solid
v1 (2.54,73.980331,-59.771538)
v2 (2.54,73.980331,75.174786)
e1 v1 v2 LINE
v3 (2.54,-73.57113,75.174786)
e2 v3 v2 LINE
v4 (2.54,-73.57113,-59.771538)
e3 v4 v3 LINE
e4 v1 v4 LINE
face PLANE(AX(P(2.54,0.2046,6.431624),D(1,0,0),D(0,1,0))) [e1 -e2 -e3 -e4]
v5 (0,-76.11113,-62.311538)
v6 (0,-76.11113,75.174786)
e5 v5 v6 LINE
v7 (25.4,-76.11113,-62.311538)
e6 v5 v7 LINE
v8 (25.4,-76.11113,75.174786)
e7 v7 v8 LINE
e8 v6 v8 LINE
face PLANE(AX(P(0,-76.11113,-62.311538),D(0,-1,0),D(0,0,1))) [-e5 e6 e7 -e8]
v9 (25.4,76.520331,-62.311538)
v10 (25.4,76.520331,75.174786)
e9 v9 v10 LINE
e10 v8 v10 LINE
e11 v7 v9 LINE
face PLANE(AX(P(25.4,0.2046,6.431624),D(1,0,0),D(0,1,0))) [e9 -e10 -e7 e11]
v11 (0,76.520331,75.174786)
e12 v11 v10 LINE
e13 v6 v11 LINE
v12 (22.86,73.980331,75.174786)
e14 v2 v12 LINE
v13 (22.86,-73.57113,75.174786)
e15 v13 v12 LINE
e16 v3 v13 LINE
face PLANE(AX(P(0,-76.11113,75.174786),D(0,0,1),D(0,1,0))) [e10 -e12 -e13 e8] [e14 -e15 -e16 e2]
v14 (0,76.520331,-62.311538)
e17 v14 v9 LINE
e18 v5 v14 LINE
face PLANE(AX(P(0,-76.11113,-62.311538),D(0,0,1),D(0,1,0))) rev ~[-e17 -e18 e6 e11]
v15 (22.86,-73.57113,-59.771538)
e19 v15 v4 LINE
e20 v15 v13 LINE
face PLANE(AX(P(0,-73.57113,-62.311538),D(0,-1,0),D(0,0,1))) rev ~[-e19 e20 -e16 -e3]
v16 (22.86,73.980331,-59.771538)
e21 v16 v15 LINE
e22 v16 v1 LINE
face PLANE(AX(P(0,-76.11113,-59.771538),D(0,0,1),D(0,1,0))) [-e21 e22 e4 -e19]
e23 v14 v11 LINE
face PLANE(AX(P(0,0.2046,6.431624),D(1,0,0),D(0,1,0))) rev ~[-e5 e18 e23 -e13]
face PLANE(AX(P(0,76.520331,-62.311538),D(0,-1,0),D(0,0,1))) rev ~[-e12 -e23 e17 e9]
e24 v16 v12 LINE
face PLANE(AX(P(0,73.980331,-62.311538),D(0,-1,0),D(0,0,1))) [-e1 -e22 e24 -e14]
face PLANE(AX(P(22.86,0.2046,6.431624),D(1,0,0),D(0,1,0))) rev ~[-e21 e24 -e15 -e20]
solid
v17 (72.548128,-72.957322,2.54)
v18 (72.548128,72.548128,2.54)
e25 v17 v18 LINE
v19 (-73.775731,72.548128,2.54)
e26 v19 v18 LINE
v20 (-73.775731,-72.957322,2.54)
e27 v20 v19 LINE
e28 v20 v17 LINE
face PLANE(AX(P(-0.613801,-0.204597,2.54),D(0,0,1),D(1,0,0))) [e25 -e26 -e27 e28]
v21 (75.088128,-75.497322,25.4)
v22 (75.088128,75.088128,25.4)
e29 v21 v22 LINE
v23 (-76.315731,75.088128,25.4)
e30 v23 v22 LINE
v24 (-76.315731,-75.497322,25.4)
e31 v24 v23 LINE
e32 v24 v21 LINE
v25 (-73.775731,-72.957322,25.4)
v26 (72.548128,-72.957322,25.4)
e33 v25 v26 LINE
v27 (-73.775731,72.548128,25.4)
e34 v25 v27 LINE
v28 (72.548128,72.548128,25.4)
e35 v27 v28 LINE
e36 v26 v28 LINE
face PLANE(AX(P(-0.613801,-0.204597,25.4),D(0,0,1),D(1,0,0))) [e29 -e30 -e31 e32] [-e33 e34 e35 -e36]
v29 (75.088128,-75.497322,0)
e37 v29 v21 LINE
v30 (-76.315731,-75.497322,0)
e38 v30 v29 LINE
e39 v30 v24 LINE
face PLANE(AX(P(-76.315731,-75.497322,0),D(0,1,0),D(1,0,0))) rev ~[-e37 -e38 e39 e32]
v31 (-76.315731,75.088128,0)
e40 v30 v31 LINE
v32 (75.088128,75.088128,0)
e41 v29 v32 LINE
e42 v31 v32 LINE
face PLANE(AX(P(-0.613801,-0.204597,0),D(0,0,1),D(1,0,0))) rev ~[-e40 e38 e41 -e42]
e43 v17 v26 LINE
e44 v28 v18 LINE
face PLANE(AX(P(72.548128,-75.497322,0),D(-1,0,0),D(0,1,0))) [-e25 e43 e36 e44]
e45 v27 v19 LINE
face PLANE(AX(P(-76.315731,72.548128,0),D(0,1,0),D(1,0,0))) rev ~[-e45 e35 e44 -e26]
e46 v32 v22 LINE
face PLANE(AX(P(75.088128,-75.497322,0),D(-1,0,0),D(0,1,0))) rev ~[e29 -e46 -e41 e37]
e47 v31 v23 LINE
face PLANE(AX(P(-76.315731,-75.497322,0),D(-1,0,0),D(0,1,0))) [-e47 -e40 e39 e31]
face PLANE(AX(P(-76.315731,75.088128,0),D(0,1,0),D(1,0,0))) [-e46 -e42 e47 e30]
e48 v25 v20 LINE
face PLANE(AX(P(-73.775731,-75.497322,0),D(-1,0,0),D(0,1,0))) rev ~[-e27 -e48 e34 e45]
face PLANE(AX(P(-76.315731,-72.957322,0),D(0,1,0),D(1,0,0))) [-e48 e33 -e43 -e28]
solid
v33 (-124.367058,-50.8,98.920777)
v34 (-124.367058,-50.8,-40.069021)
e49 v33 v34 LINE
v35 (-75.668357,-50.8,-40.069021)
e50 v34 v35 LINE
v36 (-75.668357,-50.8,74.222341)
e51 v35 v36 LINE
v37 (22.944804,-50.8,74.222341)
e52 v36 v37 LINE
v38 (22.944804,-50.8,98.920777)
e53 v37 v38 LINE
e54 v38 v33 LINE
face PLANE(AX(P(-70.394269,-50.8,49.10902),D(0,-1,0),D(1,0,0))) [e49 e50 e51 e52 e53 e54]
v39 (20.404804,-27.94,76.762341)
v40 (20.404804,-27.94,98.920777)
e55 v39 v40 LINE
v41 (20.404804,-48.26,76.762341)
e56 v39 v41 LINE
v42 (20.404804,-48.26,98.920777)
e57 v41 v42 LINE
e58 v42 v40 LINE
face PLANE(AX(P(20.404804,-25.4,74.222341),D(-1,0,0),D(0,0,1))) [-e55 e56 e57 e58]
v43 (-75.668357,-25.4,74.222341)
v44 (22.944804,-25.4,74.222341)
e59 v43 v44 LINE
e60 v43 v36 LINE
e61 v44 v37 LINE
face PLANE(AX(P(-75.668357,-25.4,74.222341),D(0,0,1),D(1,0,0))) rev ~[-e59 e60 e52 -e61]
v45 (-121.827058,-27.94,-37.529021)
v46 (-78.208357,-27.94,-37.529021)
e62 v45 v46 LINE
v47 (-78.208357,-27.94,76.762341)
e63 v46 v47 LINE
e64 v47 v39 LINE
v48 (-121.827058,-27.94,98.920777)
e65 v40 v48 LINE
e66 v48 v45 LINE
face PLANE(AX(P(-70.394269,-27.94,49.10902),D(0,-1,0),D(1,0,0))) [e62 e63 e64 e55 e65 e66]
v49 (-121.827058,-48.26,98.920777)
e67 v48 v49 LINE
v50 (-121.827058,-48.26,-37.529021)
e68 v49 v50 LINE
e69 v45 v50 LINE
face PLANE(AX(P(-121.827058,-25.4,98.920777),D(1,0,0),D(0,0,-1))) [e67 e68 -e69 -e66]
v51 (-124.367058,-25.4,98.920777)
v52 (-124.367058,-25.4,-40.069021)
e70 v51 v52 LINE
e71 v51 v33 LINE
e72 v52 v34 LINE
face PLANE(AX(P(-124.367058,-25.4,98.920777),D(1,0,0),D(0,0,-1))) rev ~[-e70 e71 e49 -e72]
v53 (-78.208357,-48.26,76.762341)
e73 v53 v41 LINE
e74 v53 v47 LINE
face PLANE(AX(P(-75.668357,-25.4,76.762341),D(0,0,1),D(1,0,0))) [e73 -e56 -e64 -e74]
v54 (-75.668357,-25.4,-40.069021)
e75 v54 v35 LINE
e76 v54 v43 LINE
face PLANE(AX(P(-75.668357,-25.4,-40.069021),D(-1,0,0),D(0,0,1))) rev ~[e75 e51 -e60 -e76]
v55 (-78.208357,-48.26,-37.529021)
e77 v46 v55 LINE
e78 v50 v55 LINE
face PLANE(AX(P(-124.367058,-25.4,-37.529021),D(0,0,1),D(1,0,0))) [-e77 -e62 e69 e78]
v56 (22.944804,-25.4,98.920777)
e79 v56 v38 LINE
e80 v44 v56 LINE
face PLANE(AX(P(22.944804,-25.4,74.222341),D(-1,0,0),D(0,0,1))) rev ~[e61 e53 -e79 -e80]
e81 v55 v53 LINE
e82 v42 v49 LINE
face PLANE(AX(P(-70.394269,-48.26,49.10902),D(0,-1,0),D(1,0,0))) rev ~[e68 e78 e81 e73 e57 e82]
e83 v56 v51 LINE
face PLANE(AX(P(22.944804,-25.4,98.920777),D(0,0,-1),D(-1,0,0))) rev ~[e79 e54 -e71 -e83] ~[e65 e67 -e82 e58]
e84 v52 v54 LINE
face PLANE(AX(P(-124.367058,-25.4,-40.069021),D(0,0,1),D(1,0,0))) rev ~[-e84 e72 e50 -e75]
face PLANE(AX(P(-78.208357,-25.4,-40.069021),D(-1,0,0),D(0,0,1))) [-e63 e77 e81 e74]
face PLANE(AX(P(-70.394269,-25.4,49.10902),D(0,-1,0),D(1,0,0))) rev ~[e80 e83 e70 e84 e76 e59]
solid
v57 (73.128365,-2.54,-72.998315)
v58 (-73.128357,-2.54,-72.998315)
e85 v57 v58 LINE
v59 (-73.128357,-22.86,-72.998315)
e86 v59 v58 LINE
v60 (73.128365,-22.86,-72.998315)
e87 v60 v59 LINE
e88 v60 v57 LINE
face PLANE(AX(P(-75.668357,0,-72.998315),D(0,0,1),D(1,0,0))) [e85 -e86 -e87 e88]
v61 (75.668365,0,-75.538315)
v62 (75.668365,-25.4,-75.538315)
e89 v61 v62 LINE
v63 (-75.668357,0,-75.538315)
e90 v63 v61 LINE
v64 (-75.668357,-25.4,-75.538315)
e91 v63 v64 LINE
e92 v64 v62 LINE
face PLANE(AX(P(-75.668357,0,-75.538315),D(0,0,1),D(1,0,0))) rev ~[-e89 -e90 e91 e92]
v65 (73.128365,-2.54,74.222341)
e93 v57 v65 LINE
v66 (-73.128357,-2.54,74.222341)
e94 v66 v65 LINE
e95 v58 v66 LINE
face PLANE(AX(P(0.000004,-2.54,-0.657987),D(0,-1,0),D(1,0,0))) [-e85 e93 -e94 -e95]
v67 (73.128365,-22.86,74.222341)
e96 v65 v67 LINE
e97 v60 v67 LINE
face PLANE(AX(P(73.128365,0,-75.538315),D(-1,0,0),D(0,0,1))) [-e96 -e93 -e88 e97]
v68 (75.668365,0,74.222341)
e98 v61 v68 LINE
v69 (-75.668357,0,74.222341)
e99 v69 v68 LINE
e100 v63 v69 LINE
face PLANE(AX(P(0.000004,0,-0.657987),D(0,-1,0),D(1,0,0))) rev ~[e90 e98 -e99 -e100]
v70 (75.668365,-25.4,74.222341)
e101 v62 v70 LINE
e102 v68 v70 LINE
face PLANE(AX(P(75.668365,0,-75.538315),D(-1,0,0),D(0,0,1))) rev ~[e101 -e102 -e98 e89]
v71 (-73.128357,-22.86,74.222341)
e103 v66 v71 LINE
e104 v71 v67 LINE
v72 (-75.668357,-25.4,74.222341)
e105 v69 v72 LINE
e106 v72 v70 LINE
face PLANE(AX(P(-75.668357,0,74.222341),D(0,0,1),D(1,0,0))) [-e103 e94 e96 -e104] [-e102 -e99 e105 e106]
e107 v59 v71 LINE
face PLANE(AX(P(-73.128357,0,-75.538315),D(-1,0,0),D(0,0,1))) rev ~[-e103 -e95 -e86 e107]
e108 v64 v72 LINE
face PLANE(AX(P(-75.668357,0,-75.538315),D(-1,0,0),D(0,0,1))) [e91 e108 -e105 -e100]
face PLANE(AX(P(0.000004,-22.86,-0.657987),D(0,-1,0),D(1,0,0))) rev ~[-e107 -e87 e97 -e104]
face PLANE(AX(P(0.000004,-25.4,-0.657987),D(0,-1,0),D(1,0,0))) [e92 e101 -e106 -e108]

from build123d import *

# Parameters (mm, degrees)
F0_W     = 151.3367220759
F0_H     = 149.7606560588
F1_DEPTH = 25.4
F3_DEPTH = 25.4
F4_W     = 151.4038592577
F4_H     = 150.585450232
F5_DEPTH = 25.4
F6_W     = 152.6314616203
F6_H     = 137.4863237143
F7_DEPTH = 25.4
F8_T     = -2.54
F9_T     = -2.54
F10_T    = -2.54
F11_T    = -2.54


with BuildPart() as f1:
    # F0 (on Front) → F1 (new body)
    with BuildSketch(Plane.XZ):
        with Locations((3.7253e-06, -0.6579868495)):
            Rectangle(F0_W, F0_H)
    extrude(amount=F1_DEPTH)

    # F10
    f10_openings = [f1.faces().sort_by_distance(p)[0] for p in [
        (4e-06, -12.7, 74.222341),
    ]]
    offset(amount=F10_T, openings=f10_openings)


with BuildPart() as f3:
    # F2 (on face) → F3 (new body)
    with BuildSketch(Plane.XZ.offset(25.4)):
        Polygon((-124.3670582771, 98.9207774401), (-124.3670582771, -40.0690212846), (-75.6683573127, -40.0690212846), (-75.6683573127, 74.2223411798), (22.944804281, 74.2223411798), (22.944804281, 98.9207774401), align=None)
    extrude(amount=F3_DEPTH)

    # F8
    f8_openings = [f3.faces().sort_by_distance(p)[0] for p in [
        (-50.711127, -38.1, 98.920777),
    ]]
    offset(amount=F8_T, openings=f8_openings, kind=Kind.INTERSECTION)


with BuildPart() as f5:
    # F4 (on Top) → F5 (new body)
    with BuildSketch(Plane.XY):
        with Locations((-0.6138011813, -0.2045966685)):
            Rectangle(F4_W, F4_H)
    extrude(amount=F5_DEPTH)

    # F11
    f11_openings = [f5.faces().sort_by_distance(p)[0] for p in [
        (-0.613801, -0.204597, 25.4),
    ]]
    offset(amount=F11_T, openings=f11_openings)


with BuildPart() as f7:
    # F6 (on Right) → F7 (new body)
    with BuildSketch(Plane.YZ):
        with Locations((0.2046003938, 6.4316242933)):
            Rectangle(F6_W, F6_H)
    extrude(amount=F7_DEPTH)

    # F9
    f9_openings = [f7.faces().sort_by_distance(p)[0] for p in [
        (12.7, 0.2046, 75.174786),
    ]]
    offset(amount=F9_T, openings=f9_openings)


solid = Compound([f1.part, f3.part, f5.part, f7.part])
